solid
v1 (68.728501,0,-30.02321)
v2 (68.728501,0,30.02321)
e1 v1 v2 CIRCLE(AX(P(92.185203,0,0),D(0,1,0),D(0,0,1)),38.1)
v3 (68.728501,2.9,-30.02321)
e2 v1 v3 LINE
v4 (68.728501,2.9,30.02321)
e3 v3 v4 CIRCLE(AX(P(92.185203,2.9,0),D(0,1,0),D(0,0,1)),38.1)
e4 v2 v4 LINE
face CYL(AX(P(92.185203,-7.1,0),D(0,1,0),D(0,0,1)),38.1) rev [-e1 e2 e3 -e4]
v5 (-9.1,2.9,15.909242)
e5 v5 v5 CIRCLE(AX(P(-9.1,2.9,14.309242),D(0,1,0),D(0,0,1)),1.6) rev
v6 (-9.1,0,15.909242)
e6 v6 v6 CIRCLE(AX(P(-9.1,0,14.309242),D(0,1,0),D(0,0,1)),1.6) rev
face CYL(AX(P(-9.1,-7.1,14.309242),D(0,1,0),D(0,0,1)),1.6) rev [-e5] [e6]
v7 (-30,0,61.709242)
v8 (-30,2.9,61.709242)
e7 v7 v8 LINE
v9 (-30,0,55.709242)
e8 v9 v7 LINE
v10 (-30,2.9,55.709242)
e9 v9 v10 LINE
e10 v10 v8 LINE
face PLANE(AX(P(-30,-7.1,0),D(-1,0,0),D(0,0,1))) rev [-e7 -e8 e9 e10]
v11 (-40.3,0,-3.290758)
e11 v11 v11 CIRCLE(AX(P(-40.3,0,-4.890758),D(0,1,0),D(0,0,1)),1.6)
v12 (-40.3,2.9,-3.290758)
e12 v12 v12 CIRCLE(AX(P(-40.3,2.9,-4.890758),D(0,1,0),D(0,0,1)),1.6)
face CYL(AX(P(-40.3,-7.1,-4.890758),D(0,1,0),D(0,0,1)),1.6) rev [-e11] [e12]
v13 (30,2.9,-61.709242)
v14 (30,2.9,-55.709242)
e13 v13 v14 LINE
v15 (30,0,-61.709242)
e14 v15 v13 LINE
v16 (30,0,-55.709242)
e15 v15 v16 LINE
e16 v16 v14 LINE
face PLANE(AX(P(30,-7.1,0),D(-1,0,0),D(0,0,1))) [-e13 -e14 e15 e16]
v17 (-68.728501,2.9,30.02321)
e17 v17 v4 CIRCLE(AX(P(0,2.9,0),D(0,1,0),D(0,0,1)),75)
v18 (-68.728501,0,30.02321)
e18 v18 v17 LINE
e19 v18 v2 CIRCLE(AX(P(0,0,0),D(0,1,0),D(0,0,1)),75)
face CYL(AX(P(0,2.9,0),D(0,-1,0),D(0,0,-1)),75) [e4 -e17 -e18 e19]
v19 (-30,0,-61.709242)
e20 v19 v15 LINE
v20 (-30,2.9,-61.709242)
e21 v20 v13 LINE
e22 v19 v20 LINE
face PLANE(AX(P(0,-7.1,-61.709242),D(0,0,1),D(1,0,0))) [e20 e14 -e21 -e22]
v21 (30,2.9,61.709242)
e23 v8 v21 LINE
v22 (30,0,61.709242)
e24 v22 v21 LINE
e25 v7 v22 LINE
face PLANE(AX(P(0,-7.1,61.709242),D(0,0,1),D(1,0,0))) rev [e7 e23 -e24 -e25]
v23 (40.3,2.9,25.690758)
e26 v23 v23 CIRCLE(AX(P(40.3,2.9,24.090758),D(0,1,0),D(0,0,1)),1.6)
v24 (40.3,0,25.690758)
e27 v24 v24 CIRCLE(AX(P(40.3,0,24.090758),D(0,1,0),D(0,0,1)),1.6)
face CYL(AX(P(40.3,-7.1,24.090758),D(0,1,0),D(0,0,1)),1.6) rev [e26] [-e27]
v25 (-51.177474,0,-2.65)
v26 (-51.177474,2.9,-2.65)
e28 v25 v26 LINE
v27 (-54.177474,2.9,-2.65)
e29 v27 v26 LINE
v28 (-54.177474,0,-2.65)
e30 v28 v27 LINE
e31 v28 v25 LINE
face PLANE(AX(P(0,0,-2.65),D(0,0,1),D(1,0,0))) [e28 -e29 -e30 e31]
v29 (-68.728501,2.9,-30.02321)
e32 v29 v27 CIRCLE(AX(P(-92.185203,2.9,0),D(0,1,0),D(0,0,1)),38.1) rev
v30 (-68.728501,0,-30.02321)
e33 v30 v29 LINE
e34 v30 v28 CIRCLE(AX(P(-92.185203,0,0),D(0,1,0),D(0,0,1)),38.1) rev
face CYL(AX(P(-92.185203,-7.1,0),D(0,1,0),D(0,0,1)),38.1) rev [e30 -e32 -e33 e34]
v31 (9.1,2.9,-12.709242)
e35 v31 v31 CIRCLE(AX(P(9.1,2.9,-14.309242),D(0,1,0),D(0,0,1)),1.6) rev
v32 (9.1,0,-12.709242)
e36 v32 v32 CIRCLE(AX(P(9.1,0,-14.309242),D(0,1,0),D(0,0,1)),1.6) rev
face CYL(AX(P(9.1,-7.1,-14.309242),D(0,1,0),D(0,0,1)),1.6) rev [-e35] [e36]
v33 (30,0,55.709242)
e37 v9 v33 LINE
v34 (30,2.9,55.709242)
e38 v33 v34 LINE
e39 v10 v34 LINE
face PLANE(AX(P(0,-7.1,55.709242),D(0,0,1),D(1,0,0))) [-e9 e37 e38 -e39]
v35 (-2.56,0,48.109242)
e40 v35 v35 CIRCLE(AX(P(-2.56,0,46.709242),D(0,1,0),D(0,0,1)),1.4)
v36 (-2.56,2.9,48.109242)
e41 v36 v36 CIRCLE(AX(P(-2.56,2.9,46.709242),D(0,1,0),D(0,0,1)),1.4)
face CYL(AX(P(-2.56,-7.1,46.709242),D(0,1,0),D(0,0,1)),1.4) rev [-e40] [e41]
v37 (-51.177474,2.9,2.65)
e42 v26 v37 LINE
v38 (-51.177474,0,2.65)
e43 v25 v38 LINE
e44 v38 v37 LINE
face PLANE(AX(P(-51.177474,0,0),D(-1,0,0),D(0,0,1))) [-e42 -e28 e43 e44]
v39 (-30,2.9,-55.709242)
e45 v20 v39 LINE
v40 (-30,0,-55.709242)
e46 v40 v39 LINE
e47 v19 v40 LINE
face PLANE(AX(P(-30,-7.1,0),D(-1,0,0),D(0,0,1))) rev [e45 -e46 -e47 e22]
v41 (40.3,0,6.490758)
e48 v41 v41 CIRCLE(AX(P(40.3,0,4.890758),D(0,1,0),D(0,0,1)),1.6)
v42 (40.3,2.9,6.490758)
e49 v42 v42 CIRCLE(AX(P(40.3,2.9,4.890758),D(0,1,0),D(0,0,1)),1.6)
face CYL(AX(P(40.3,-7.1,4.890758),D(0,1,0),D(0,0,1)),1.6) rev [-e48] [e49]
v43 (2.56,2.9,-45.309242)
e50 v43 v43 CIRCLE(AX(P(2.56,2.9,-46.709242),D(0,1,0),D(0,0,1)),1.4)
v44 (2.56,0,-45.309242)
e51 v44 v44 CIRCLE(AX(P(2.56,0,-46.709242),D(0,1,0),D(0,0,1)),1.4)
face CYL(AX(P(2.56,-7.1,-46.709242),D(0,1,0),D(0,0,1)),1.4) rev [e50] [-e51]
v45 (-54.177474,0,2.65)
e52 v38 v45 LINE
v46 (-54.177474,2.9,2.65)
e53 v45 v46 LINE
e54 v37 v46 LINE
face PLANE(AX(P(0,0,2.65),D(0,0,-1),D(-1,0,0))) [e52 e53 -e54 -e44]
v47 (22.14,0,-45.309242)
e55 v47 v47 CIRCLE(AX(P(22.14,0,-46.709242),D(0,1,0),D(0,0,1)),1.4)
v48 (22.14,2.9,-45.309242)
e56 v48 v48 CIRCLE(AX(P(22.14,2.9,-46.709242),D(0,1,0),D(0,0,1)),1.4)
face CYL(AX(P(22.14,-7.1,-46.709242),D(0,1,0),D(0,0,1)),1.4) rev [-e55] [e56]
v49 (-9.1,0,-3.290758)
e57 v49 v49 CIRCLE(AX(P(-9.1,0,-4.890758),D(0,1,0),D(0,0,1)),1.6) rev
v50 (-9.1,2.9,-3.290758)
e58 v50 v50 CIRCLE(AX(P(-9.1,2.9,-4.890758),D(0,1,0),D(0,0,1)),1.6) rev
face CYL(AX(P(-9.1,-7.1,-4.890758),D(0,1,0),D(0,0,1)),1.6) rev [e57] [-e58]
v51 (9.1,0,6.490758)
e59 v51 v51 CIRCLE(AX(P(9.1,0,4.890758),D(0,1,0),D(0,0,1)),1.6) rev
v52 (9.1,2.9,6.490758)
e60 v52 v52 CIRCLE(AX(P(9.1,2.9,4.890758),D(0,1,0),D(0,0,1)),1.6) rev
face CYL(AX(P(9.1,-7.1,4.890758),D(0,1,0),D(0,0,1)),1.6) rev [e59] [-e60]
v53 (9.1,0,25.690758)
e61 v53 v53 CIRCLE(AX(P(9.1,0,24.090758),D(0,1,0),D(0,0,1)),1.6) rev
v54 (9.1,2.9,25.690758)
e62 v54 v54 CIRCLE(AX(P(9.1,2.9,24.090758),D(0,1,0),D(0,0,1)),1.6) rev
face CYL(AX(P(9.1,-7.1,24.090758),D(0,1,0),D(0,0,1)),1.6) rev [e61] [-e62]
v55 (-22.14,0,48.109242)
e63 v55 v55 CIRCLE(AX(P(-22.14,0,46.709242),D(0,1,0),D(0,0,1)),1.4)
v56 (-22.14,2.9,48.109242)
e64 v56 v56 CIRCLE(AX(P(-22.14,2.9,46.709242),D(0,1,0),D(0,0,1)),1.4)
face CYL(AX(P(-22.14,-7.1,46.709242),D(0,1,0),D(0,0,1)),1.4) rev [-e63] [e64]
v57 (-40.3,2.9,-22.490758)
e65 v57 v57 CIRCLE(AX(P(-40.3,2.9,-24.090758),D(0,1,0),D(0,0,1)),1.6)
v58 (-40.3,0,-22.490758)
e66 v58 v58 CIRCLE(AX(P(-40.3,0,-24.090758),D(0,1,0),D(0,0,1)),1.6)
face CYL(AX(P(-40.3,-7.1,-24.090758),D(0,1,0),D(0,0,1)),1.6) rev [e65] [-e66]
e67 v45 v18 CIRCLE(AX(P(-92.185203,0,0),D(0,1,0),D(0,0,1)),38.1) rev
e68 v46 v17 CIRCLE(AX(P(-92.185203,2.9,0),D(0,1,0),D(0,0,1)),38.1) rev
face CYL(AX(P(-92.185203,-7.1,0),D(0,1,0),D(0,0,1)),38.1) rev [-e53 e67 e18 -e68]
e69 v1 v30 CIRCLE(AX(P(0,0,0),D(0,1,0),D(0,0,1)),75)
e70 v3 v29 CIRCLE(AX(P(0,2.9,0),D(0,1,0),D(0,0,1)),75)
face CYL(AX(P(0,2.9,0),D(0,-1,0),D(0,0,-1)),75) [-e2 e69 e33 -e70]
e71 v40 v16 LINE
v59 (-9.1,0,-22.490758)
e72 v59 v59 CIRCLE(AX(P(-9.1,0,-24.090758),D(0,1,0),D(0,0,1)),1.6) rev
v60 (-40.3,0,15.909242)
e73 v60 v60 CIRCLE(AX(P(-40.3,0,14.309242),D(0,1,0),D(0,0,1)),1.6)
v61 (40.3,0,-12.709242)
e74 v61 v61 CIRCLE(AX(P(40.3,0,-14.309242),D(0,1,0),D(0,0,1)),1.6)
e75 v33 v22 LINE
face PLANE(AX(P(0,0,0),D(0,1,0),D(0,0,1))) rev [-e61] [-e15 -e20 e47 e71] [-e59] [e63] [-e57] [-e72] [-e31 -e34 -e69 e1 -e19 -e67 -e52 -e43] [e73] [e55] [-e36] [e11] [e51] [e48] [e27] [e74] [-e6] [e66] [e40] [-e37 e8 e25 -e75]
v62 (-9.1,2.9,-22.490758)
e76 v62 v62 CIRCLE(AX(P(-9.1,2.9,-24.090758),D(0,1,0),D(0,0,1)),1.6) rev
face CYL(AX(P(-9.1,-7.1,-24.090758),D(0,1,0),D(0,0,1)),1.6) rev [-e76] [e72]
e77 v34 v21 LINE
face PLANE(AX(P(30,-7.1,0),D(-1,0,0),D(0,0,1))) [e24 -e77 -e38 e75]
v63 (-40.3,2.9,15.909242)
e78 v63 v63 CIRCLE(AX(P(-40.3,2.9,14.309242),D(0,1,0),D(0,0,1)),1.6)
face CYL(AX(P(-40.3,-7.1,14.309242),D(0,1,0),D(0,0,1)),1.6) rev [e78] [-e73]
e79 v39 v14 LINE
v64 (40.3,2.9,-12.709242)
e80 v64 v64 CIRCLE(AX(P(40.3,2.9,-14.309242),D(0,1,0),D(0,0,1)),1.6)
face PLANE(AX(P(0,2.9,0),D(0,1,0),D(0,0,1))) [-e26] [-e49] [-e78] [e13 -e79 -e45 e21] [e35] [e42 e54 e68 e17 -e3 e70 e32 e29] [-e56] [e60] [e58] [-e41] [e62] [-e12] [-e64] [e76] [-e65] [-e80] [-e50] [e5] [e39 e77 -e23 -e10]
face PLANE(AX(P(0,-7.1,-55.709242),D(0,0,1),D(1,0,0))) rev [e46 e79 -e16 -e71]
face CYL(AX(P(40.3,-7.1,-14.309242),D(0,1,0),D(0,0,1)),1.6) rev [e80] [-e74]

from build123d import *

# Parameters (mm, degrees)
SKETCH1_R           = 75
BOSS_EXTRUDE1_DEPTH = 2.9
SKETCH2_R           = 1.6
SKETCH2_R_2         = 1.4
SKETCH2_W           = 60
SKETCH2_H           = 6
CUT_EXTRUDE1_DEPTH  = 10
CUT_EXTRUDE2_DEPTH  = 3.9


with BuildPart() as part:
    # Sketch1 → Boss-Extrude1 (new body)
    with BuildSketch(Plane(origin=(0, 0, 0), x_dir=(1, 0, 0), z_dir=(0, 1, 0))):
        Circle(SKETCH1_R)
    extrude(amount=BOSS_EXTRUDE1_DEPTH)

    # Sketch2 → Cut-Extrude1 (cut)
    with BuildSketch(Plane(origin=(0, 2.9, 0), x_dir=(1, 0, 0), z_dir=(0, 1, 0))):
        with BuildLine():
            ThreePointArc((-68.72850121, -30.023209712), (-54.08520342, 0), (-68.72850121, 30.023209712))
            ThreePointArc((-68.72850121, 30.023209712), (-75, 0), (-68.72850121, -30.023209712))
        make_face()
        with BuildLine():
            ThreePointArc((75, 0), (73.415385277, 15.335618821), (68.72850121, 30.023209712))
            ThreePointArc((68.72850121, 30.023209712), (54.08520342, 0), (68.72850121, -30.023209712))
            ThreePointArc((68.72850121, -30.023209712), (73.415385277, -15.335618821), (75, 0))
        make_face()
        with Locations((9.1, -24.090757895)):
            Circle(SKETCH2_R)
        with Locations((40.3, -24.090757895)):
            Circle(SKETCH2_R)
        with Locations((40.3, -4.890757895)):
            Circle(SKETCH2_R)
        with Locations((40.3, 14.309242105)):
            Circle(SKETCH2_R)
        with Locations((9.1, 14.309242105)):
            Circle(SKETCH2_R)
        with Locations((9.1, -4.890757895)):
            Circle(SKETCH2_R)
        with Locations((-9.1, 4.890757895)):
            Circle(SKETCH2_R)
        with Locations((-9.1, -14.309242105)):
            Circle(SKETCH2_R)
        with Locations((-9.1, 24.090757895)):
            Circle(SKETCH2_R)
        with Locations((-40.3, 24.090757895)):
            Circle(SKETCH2_R)
        with Locations((-40.3, 4.890757895)):
            Circle(SKETCH2_R)
        with Locations((-40.3, -14.309242105)):
            Circle(SKETCH2_R)
        with Locations((-22.14, -46.709242105)):
            Circle(SKETCH2_R_2)
        with Locations((-2.56, -46.709242105)):
            Circle(SKETCH2_R_2)
        with Locations((22.14, 46.709242105)):
            Circle(SKETCH2_R_2)
        with Locations((2.56, 46.709242105)):
            Circle(SKETCH2_R_2)
        with Locations((0, -58.709242105)):
            Rectangle(SKETCH2_W, SKETCH2_H)
        with Locations((0, 58.709242105)):
            Rectangle(SKETCH2_W, SKETCH2_H)
    extrude(amount=-CUT_EXTRUDE1_DEPTH, mode=Mode.SUBTRACT)

    # Sketch3 → Cut-Extrude2 (cut, through all)
    with BuildSketch(Plane(origin=(0, 2.9, 0), x_dir=(1, 0, 0), z_dir=(0, 1, 0))):
        with BuildLine():
            Line((-51.177473943, 2.65), (-54.177473943, 2.65))
            ThreePointArc((-54.177473943, 2.65), (-54.08520342, 0), (-54.177473943, -2.65))
            Line((-54.177473943, -2.65), (-51.177473943, -2.65))
            Line((-51.177473943, -2.65), (-51.177473943, 2.65))
        make_face()
    extrude(amount=-CUT_EXTRUDE2_DEPTH, mode=Mode.SUBTRACT)


solid = part.part
